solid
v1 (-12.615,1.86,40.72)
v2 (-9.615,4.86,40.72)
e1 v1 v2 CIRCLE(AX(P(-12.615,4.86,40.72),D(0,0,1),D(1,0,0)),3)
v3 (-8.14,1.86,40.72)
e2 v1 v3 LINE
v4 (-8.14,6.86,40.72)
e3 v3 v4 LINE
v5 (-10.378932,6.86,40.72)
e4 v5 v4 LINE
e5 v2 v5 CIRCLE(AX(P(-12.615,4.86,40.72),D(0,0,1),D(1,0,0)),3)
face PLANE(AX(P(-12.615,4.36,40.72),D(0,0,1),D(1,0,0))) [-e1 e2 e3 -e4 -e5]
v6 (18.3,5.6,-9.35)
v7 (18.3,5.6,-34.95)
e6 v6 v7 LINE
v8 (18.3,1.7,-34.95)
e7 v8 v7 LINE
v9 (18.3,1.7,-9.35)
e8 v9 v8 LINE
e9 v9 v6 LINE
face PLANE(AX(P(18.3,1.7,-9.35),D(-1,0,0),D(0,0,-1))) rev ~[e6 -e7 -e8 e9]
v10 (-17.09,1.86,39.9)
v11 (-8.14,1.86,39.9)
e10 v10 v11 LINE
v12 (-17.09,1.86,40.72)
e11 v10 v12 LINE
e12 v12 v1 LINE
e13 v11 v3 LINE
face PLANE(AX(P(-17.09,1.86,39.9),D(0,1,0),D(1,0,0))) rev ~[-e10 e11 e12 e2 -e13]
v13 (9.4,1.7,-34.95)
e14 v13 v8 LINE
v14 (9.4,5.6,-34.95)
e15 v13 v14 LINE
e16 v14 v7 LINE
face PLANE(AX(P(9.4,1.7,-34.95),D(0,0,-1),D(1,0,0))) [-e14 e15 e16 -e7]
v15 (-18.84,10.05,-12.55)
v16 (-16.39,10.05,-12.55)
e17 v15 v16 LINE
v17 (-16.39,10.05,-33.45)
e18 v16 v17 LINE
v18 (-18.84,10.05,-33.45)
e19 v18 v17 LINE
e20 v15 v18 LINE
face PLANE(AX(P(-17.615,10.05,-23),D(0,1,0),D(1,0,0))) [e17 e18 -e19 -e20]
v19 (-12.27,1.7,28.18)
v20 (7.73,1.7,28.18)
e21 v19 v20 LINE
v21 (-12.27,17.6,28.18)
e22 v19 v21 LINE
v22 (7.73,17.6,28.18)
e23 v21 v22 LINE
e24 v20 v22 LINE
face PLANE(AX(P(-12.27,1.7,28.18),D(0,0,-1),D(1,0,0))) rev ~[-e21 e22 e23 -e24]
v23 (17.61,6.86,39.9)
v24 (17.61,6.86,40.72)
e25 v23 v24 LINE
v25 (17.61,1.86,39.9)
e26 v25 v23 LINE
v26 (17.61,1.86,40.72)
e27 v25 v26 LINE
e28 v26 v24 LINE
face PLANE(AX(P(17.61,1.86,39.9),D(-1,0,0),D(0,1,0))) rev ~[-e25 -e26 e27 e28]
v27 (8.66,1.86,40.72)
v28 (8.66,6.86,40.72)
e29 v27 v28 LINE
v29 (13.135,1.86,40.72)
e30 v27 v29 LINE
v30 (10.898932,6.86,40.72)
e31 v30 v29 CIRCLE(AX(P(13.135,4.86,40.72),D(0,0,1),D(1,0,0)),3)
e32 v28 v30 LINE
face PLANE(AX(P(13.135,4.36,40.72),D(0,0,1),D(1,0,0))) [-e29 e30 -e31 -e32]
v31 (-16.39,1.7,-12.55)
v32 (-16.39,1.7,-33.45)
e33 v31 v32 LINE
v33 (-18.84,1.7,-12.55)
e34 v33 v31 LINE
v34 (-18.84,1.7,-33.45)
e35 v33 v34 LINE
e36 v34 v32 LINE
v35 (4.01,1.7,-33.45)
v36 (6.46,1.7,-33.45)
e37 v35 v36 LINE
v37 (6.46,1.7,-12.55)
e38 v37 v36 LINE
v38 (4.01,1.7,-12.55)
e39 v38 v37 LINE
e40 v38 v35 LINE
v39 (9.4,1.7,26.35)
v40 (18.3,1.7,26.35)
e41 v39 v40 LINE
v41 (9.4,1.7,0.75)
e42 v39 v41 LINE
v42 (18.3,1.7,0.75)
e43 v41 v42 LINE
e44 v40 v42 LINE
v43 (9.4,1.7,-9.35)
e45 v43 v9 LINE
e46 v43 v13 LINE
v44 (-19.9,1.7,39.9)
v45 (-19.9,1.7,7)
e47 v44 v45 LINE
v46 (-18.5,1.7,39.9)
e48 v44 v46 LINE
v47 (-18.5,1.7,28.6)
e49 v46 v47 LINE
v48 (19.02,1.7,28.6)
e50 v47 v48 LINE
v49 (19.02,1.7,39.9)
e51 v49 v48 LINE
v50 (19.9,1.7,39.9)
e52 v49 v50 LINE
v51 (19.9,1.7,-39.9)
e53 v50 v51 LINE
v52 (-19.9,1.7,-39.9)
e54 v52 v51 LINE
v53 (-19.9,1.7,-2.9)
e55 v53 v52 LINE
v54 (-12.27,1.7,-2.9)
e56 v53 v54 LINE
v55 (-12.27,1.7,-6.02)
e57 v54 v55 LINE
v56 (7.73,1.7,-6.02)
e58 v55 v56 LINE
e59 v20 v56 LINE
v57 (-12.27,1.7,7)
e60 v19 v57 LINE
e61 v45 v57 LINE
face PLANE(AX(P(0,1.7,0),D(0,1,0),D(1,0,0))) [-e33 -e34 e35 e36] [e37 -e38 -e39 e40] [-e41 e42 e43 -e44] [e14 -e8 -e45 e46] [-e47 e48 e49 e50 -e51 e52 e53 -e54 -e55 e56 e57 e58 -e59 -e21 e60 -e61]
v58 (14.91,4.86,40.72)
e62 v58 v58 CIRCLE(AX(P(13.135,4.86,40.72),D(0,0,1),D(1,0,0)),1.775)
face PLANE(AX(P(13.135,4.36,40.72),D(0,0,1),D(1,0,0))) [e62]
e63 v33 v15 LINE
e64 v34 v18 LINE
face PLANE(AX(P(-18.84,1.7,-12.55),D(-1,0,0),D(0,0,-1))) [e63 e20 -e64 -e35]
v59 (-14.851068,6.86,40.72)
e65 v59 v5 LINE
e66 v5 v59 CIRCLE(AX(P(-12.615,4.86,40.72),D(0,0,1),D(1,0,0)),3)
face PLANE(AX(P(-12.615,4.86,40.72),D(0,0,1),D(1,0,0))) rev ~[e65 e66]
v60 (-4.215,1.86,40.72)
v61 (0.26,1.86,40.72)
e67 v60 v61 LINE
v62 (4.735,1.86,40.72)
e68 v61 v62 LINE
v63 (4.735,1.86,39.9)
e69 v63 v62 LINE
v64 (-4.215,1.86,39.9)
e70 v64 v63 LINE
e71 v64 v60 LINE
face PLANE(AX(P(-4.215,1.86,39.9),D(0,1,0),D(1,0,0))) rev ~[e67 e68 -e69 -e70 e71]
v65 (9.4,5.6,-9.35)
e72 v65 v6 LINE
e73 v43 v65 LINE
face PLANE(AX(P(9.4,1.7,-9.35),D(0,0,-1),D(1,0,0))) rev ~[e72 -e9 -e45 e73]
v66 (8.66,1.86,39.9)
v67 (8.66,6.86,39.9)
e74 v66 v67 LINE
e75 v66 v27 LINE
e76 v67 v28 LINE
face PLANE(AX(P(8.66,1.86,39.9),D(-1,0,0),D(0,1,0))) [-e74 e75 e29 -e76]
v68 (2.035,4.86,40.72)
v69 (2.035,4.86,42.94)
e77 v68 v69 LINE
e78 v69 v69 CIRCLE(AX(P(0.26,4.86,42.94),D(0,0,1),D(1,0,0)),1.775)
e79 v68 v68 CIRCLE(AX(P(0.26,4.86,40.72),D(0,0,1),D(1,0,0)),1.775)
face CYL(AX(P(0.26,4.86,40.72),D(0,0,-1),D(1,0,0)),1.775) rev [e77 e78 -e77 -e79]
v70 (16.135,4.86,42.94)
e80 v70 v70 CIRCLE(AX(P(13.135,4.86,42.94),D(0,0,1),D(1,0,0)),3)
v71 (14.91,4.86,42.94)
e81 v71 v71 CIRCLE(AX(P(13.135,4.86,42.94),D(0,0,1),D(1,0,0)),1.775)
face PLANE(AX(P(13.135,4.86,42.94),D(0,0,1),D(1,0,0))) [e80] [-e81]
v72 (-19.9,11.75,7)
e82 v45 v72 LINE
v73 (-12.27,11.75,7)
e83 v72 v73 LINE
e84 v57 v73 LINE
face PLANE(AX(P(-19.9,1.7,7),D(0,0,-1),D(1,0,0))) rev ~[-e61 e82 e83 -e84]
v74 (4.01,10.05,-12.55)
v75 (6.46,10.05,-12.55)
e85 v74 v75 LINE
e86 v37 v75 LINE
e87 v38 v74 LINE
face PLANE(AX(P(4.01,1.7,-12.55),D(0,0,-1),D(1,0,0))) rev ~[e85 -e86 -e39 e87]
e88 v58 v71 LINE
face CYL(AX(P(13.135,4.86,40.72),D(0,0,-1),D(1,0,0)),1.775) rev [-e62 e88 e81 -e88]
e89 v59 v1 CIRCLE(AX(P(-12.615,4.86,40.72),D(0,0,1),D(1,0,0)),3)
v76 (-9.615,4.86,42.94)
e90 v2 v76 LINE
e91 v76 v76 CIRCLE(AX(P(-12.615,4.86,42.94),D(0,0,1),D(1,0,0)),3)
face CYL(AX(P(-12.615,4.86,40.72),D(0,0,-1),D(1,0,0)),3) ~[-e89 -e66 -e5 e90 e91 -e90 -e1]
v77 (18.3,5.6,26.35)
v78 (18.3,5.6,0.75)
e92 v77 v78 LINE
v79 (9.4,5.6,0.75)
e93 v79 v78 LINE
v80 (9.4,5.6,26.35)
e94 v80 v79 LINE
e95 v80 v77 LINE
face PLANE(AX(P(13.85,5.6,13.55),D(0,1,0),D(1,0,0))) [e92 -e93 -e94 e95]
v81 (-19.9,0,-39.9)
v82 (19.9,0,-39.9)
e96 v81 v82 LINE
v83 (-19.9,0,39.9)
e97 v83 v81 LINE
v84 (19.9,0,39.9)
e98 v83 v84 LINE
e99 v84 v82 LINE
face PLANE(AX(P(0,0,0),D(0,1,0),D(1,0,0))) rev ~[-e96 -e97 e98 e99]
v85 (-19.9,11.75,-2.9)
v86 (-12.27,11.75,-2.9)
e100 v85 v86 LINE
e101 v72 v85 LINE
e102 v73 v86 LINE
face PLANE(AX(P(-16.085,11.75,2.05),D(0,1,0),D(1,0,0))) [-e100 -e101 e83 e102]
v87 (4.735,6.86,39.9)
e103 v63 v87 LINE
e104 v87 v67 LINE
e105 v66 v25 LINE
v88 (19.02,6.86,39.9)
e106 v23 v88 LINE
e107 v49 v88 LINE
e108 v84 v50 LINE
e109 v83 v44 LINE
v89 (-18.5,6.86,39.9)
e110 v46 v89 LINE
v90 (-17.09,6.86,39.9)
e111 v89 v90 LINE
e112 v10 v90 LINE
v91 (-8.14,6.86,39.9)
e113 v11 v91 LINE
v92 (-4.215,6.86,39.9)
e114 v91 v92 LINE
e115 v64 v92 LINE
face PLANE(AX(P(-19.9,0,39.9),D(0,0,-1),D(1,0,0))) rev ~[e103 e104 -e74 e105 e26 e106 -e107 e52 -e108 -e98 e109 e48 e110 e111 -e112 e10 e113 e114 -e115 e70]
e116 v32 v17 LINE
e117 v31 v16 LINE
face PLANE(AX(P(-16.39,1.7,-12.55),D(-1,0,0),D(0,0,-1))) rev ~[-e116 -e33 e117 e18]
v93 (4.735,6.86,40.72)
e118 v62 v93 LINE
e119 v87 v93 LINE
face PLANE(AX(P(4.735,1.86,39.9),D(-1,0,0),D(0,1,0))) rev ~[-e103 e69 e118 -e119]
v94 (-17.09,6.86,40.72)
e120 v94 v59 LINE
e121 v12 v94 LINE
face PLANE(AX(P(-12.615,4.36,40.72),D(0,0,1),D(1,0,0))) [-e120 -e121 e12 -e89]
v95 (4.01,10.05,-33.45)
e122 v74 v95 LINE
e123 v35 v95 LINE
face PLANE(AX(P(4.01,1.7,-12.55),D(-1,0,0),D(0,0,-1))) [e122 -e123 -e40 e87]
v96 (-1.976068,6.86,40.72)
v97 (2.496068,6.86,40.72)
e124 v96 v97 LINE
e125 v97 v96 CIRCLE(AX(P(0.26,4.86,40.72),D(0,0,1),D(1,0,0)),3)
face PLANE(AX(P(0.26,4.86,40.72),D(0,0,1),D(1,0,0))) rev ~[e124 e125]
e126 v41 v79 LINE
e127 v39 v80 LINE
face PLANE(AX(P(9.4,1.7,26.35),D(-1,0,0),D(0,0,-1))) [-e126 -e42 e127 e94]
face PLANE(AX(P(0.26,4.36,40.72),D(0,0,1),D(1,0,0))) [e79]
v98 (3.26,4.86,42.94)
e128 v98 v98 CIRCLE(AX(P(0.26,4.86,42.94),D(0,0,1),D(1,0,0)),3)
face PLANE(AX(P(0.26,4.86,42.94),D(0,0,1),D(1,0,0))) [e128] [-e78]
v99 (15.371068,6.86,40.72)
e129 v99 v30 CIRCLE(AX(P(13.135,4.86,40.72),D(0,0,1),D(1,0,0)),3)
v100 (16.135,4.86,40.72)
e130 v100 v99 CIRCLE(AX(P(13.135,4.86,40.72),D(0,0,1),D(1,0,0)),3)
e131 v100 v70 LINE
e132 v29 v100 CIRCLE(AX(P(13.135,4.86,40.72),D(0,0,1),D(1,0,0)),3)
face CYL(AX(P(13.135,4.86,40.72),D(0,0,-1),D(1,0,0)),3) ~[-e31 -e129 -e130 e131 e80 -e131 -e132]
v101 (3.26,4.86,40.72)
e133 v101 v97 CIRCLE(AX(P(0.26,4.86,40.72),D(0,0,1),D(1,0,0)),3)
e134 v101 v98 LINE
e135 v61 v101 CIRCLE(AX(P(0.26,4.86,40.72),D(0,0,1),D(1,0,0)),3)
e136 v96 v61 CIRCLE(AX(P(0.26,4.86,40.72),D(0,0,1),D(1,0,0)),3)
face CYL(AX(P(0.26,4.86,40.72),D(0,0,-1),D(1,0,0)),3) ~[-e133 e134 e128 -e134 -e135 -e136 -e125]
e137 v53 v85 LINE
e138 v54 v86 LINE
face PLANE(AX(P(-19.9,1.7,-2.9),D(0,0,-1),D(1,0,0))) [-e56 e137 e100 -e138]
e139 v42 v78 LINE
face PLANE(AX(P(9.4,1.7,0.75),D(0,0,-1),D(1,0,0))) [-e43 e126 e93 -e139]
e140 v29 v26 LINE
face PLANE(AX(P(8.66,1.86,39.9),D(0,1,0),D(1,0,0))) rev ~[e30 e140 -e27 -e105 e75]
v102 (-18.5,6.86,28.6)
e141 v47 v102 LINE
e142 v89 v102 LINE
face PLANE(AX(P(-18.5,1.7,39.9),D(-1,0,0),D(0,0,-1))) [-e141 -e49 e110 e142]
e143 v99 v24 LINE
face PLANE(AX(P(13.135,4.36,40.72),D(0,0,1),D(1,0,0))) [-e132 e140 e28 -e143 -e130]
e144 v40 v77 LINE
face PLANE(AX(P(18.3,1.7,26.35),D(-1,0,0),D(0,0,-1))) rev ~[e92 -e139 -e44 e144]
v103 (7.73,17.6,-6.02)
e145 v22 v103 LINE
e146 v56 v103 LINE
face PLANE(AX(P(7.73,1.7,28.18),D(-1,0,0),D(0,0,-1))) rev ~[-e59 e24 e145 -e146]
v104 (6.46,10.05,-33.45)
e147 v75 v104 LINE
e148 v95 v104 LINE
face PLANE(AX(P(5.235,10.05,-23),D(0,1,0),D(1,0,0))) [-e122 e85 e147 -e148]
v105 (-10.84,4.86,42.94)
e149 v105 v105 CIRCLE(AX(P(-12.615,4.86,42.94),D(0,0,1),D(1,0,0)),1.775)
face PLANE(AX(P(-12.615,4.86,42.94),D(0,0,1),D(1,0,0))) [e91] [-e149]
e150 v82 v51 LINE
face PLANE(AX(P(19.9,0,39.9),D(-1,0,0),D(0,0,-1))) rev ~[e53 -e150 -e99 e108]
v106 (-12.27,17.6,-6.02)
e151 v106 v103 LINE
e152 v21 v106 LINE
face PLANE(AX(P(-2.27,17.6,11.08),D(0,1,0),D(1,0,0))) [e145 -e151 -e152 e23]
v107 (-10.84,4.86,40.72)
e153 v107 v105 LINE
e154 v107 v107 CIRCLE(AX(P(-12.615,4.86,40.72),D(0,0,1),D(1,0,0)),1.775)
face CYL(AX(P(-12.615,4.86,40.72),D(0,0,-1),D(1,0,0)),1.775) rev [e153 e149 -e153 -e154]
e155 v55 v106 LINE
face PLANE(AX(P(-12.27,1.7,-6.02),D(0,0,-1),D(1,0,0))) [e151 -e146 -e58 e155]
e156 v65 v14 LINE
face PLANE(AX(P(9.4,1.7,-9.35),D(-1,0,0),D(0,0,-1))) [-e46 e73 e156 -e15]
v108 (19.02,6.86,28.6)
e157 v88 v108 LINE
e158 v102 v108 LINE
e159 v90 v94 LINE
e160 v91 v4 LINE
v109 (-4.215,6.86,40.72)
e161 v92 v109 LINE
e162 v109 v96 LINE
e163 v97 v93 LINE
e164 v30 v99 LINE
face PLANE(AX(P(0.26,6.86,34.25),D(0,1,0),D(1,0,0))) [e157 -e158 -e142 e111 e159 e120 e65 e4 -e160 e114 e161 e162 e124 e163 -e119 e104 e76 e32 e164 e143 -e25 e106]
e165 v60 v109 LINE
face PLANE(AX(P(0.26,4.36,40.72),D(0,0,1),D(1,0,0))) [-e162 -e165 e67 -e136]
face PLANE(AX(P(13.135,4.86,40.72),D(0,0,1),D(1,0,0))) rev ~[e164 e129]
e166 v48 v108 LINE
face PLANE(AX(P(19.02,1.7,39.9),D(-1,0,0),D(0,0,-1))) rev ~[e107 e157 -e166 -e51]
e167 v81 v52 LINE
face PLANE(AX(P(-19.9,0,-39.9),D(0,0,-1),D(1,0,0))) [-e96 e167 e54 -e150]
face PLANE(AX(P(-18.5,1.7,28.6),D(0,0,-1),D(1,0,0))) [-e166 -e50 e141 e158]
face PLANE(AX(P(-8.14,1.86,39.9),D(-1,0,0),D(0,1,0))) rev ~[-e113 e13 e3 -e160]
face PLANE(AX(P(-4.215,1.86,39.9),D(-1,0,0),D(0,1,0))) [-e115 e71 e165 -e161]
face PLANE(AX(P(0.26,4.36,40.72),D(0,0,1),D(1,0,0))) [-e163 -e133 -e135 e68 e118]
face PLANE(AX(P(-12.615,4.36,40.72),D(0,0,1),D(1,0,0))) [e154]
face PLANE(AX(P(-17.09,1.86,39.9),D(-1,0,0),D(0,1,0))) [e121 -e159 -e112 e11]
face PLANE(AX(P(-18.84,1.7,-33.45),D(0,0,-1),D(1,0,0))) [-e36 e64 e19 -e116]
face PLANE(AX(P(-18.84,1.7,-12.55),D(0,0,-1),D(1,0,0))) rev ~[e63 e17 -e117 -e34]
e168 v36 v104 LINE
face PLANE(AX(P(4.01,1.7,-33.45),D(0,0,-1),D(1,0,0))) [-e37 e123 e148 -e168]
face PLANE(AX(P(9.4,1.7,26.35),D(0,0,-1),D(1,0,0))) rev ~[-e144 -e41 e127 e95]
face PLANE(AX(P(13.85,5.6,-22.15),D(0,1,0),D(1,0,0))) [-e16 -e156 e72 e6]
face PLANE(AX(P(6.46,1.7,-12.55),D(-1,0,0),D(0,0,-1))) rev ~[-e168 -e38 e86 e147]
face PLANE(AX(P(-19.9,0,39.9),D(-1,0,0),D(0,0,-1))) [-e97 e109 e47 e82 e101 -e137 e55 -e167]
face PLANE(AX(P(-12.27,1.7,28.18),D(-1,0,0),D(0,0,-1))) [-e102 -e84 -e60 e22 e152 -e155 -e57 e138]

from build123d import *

# Parameters (mm, degrees)
SKETCH1_W           = 39.8
SKETCH1_H           = 79.8
BOSS_EXTRUDE1_DEPTH = 1.7
SKETCH2_W           = 20
SKETCH2_H           = 34.2
BOSS_EXTRUDE2_DEPTH = 15.9
SKETCH3_W           = 2.45
SKETCH3_H           = 20.9
BOSS_EXTRUDE3_DEPTH = 8.35
SKETCH4_W           = 7.63
SKETCH4_H           = 9.9
BOSS_EXTRUDE4_DEPTH = 10.05
SKETCH5_W           = 8.9
SKETCH5_H           = 25.6
BOSS_EXTRUDE5_DEPTH = 3.9
SKETCH6_W           = 37.52
SKETCH6_H           = 11.3
BOSS_EXTRUDE6_DEPTH = 5.16
SKETCH7_W           = 8.95
SKETCH7_H           = 5
BOSS_EXTRUDE7_DEPTH = 0.82
SKETCH8_R           = 3
SKETCH8_R_2         = 1.775
BOSS_EXTRUDE8_DEPTH = 2.22
LPATTERN1_COUNT     = 2
LPATTERN1_PITCH     = 12.875
LPATTERN2_COUNT     = 2
LPATTERN2_PITCH     = 12.875


with BuildPart() as part:
    # Sketch1 → Boss-Extrude1 (new body)
    with BuildSketch(Plane(origin=(0, 0, 0), x_dir=(1, 0, 0), z_dir=(0, 1, 0))):
        Rectangle(SKETCH1_W, SKETCH1_H)
    extrude(amount=BOSS_EXTRUDE1_DEPTH)

    # Sketch2 → Boss-Extrude2 (add)
    with BuildSketch(Plane(origin=(0, 1.7, 0), x_dir=(1, 0, 0), z_dir=(0, 1, 0))):
        with Locations((-2.27, -11.08)):
            Rectangle(SKETCH2_W, SKETCH2_H)
    extrude(amount=BOSS_EXTRUDE2_DEPTH)

    # Sketch3 → Boss-Extrude3 (add)
    with BuildSketch(Plane(origin=(0, 1.7, 0), x_dir=(1, 0, 0), z_dir=(0, 1, 0))):
        with Locations((-17.615, 23)):
            Rectangle(SKETCH3_W, SKETCH3_H)
        with Locations((5.235, 23)):
            Rectangle(SKETCH3_W, SKETCH3_H)
    extrude(amount=BOSS_EXTRUDE3_DEPTH)

    # Sketch4 → Boss-Extrude4 (add)
    with BuildSketch(Plane(origin=(0, 1.7, 0), x_dir=(1, 0, 0), z_dir=(0, 1, 0))):
        with Locations((-16.085, -2.05)):
            Rectangle(SKETCH4_W, SKETCH4_H)
    extrude(amount=BOSS_EXTRUDE4_DEPTH)

    # Sketch5 → Boss-Extrude5 (add)
    with BuildSketch(Plane(origin=(0, 1.7, 0), x_dir=(1, 0, 0), z_dir=(0, 1, 0))):
        with Locations((13.85, -13.55)):
            Rectangle(SKETCH5_W, SKETCH5_H)
        with Locations((13.85, 22.15)):
            Rectangle(SKETCH5_W, SKETCH5_H)
    extrude(amount=BOSS_EXTRUDE5_DEPTH)

    # Sketch6 → Boss-Extrude6 (add)
    with BuildSketch(Plane(origin=(0, 1.7, 0), x_dir=(1, 0, 0), z_dir=(0, 1, 0))):
        with Locations((0.26, -34.25)):
            Rectangle(SKETCH6_W, SKETCH6_H)
    extrude(amount=BOSS_EXTRUDE6_DEPTH)

    # Sketch7 → Boss-Extrude7 (add)
    with BuildSketch(Plane.XY.offset(39.9)):
        with Locations((0.26, 4.36)):
            Rectangle(SKETCH7_W, SKETCH7_H)
    boss_extrude7 = extrude(amount=BOSS_EXTRUDE7_DEPTH)

    # Sketch8 → Boss-Extrude8 (add)
    with BuildSketch(Plane.XY.offset(40.72)):
        with Locations((0.26, 4.86)):
            Circle(SKETCH8_R)
        with Locations((0.26, 4.86)):
            Circle(SKETCH8_R_2, mode=Mode.SUBTRACT)
    boss_extrude8 = extrude(amount=BOSS_EXTRUDE8_DEPTH)

    # LPattern1: Boss-Extrude7, Boss-Extrude8 ×2
    with Locations(*[(-i * LPATTERN1_PITCH, 0, 0) for i in range(1, LPATTERN1_COUNT)]):
        add(boss_extrude7)
        add(boss_extrude8)

    # LPattern2: Boss-Extrude7, Boss-Extrude8 ×2
    with Locations(*[(i * LPATTERN2_PITCH, 0, 0) for i in range(1, LPATTERN2_COUNT)]):
        add(boss_extrude7)
        add(boss_extrude8)


solid = part.part
